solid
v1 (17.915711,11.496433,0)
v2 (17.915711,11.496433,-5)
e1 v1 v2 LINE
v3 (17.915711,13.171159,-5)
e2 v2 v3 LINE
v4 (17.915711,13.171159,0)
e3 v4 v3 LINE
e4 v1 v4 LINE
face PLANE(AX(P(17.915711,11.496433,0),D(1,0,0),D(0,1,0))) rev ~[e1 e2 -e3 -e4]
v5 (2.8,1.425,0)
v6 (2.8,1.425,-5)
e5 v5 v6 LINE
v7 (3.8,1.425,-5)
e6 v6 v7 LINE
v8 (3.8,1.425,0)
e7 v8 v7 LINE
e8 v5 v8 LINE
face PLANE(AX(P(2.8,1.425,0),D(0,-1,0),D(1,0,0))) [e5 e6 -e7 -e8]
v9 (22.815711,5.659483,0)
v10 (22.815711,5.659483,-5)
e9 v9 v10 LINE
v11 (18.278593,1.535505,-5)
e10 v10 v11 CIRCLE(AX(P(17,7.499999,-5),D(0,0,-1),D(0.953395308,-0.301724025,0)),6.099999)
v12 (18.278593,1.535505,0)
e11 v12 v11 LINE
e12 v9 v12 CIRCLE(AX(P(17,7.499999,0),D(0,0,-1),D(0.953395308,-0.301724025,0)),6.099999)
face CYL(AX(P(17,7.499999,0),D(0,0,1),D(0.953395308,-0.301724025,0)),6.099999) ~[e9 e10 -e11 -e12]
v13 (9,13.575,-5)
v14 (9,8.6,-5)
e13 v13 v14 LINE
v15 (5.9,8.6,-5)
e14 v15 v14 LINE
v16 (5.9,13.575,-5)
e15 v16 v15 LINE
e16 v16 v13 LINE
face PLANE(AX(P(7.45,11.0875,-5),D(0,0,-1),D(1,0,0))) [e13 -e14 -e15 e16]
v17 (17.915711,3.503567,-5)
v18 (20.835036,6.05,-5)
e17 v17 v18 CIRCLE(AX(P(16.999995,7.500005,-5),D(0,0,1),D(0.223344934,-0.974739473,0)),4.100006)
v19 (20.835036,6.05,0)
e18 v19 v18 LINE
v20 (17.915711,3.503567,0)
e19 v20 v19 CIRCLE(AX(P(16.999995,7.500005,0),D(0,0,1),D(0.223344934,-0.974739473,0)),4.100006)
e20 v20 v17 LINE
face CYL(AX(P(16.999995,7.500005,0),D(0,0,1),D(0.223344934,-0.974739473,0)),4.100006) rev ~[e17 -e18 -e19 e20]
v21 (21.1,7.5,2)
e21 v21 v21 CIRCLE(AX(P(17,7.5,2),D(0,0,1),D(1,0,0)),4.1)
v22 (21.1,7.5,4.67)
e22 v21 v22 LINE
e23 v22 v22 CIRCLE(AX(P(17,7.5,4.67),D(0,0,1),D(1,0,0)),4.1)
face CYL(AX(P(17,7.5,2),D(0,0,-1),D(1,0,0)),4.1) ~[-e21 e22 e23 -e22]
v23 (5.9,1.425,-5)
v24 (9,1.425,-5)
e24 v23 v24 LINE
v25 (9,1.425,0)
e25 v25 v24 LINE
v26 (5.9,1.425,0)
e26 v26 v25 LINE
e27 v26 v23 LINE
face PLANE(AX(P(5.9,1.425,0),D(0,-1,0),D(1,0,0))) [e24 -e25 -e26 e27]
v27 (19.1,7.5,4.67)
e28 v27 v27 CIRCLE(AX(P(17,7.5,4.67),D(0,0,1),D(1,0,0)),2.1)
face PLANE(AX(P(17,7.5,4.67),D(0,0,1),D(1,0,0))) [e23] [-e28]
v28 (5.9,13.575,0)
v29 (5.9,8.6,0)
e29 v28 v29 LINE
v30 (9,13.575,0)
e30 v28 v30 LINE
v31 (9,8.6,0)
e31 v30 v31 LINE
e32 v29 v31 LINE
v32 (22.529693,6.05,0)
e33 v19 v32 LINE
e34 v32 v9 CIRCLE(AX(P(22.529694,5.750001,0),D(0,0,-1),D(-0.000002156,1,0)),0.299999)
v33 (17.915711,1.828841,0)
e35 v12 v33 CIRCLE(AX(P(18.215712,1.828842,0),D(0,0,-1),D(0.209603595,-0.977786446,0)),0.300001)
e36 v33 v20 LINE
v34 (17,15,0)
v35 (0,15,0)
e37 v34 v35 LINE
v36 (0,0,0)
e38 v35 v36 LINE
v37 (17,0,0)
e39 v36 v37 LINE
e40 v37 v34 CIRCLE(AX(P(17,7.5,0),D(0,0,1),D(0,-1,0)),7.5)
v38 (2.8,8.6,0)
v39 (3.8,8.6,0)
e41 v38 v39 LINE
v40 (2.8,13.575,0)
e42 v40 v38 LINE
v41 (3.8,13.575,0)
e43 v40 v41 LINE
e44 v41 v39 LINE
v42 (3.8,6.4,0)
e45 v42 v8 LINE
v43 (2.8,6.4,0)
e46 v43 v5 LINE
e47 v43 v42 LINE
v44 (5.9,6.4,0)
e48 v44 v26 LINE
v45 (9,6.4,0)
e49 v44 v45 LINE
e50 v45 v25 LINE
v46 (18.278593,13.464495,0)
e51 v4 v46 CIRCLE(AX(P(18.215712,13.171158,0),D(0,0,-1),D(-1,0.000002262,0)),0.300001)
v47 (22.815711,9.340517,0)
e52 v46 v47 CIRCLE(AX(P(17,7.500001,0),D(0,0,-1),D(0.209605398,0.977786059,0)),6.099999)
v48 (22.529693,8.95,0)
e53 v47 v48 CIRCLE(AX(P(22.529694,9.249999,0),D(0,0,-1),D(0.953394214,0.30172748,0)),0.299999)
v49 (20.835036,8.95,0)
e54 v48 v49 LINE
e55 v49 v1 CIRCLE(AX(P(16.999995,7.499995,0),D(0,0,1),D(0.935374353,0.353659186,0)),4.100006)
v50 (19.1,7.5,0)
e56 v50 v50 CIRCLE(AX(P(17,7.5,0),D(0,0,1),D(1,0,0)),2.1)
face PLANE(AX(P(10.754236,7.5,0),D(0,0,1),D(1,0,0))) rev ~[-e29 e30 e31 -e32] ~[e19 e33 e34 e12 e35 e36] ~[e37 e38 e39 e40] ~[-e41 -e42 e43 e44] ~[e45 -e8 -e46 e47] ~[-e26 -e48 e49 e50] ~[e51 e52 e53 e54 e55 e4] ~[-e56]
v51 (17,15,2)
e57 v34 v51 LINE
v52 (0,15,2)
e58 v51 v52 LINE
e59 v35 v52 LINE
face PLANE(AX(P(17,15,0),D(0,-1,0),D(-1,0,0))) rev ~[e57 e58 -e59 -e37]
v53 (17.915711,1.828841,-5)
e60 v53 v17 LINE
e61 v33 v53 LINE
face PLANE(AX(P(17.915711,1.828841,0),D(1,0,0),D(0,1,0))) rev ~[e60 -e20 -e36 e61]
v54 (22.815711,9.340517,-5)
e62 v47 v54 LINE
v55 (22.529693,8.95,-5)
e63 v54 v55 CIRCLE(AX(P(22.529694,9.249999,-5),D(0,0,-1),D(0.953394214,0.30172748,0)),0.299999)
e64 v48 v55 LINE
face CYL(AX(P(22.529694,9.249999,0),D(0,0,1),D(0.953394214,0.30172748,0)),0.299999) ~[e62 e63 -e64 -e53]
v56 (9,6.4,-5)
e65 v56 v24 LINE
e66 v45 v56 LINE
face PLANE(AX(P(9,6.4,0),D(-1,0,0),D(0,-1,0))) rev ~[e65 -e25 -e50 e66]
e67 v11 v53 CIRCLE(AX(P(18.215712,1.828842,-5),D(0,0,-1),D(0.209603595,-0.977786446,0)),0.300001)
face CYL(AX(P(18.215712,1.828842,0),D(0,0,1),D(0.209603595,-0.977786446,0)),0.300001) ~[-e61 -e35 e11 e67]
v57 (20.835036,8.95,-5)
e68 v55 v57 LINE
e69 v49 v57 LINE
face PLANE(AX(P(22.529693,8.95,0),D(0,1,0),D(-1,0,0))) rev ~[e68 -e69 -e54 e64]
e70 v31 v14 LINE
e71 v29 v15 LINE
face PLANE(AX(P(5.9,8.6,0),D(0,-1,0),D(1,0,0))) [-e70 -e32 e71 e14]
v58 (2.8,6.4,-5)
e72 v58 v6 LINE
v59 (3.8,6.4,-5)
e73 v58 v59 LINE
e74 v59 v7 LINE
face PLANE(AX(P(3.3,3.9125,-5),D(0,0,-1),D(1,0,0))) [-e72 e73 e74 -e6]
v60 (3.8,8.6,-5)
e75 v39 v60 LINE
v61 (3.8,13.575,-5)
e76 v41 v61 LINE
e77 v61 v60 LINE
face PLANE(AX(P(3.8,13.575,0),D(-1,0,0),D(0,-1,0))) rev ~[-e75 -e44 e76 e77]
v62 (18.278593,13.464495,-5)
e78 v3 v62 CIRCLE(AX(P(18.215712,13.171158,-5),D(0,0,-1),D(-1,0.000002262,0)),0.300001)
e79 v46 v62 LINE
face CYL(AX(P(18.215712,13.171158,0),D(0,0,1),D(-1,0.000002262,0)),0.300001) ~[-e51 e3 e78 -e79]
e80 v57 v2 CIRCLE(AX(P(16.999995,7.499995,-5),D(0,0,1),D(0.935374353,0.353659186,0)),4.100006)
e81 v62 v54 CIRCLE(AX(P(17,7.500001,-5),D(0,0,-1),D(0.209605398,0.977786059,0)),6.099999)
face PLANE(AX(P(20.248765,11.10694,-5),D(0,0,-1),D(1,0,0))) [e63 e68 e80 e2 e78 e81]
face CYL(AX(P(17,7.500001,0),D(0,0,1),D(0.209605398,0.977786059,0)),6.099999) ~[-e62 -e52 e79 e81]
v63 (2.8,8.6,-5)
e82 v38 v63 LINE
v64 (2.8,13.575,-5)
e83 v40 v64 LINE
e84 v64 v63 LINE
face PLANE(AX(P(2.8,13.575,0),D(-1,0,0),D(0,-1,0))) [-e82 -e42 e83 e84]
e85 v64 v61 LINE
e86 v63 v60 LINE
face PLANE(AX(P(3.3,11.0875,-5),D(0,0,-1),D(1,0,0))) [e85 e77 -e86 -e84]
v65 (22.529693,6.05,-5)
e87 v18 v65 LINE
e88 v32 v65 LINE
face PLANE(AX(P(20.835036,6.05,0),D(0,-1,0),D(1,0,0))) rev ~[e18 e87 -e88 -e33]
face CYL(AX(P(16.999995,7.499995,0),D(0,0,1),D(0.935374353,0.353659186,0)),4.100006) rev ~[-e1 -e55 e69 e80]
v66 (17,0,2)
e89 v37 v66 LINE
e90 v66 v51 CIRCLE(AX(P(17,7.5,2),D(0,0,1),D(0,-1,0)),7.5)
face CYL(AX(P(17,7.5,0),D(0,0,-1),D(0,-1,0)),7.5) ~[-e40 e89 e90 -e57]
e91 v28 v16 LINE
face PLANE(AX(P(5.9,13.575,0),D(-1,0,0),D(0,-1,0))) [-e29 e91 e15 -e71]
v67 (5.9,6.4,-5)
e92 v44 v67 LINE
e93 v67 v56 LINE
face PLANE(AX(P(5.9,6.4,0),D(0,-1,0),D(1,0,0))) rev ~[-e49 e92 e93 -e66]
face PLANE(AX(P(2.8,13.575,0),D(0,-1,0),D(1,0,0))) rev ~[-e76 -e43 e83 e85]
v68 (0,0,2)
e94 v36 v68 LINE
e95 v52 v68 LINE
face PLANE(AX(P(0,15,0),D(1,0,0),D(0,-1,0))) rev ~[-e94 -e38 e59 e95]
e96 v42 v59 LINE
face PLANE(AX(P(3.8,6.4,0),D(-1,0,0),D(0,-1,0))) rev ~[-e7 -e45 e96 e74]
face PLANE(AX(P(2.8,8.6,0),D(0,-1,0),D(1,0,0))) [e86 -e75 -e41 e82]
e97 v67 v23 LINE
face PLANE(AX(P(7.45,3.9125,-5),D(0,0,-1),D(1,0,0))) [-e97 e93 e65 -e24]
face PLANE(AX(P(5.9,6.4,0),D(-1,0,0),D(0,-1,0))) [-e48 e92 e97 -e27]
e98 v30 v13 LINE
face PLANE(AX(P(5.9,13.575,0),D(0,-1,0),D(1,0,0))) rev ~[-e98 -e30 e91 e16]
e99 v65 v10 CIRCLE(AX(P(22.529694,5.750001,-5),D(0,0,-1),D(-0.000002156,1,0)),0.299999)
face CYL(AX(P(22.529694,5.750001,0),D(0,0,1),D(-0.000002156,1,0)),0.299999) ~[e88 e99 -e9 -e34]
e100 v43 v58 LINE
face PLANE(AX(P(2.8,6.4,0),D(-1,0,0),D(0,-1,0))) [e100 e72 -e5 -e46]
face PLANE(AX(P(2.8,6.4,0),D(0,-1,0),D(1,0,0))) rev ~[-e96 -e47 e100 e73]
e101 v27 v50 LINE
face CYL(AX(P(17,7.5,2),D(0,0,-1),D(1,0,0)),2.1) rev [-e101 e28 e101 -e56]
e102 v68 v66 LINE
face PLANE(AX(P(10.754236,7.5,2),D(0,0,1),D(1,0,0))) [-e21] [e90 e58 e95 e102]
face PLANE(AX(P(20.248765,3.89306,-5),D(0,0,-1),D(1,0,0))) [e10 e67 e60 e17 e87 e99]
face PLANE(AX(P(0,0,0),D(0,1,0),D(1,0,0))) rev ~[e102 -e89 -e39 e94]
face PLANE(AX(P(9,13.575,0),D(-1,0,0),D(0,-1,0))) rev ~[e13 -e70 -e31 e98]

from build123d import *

# Parameters (mm, degrees)
F0_R     = 2.1
F1_DEPTH = 2
F2_R     = 4.1
F2_R_2   = 2.1
F3_DEPTH = 2.67
F4_W     = 1
F4_H     = 4.975
F4_W_2   = 3.1
F5_DEPTH = 5


with BuildPart() as f1:
    # F0 (on Top) → F1 (new body)
    with BuildSketch(Plane.XY):
        with BuildLine():
            Line((0, 15), (0, 0))
            Line((0, 0), (17, 0))
            ThreePointArc((17, 0), (24.5, 7.5), (17, 15))
            Line((17, 15), (0, 15))
        make_face()
        with Locations((17, 7.5)):
            Circle(F0_R, mode=Mode.SUBTRACT)
    extrude(amount=F1_DEPTH)

    # F2 (on face) → F3 (join)
    with BuildSketch(Plane.XY.offset(2)):
        with Locations((17, 7.5)):
            Circle(F2_R)
        with Locations((17, 7.5)):
            Circle(F2_R_2, mode=Mode.SUBTRACT)
    extrude(amount=F3_DEPTH)

    # F4 (on face) → F5 (join)
    with BuildSketch(Plane(origin=(0, 0, 0), x_dir=(1, 0, 0), z_dir=(0, 0, -1))):
        with Locations((3.3, -3.9125)):
            Rectangle(F4_W, F4_H)
        with Locations((7.45, -3.9125)):
            Rectangle(F4_W_2, F4_H)
        with BuildLine():
            ThreePointArc((22.529693, -6.05), (22.771721, -5.927264), (22.815711, -5.659483))
            ThreePointArc((22.815711, -5.659483), (21.102936, -2.986031), (18.278593, -1.535505))
            ThreePointArc((18.278593, -1.535505), (18.027117, -1.595534), (17.915711, -1.828841))
            Line((17.915711, -1.828841), (17.915711, -3.503567))
            ThreePointArc((17.915711, -3.503567), (19.695084, -4.410256), (20.835036, -6.05))
            Line((20.835036, -6.05), (22.529693, -6.05))
        make_face()
        with BuildLine():
            ThreePointArc((17.915711, -13.171159), (18.027117, -13.404466), (18.278593, -13.464495))
            ThreePointArc((18.278593, -13.464495), (21.102936, -12.013969), (22.815711, -9.340517))
            ThreePointArc((22.815711, -9.340517), (22.771721, -9.072736), (22.529693, -8.95))
            Line((22.529693, -8.95), (20.835036, -8.95))
            ThreePointArc((20.835036, -8.95), (19.695084, -10.589744), (17.915711, -11.496433))
            Line((17.915711, -11.496433), (17.915711, -13.171159))
        make_face()
        with Locations((3.3, -11.0875)):
            Rectangle(F4_W, F4_H)
        with Locations((7.45, -11.0875)):
            Rectangle(F4_W_2, F4_H)
    extrude(amount=F5_DEPTH)


solid = f1.part
